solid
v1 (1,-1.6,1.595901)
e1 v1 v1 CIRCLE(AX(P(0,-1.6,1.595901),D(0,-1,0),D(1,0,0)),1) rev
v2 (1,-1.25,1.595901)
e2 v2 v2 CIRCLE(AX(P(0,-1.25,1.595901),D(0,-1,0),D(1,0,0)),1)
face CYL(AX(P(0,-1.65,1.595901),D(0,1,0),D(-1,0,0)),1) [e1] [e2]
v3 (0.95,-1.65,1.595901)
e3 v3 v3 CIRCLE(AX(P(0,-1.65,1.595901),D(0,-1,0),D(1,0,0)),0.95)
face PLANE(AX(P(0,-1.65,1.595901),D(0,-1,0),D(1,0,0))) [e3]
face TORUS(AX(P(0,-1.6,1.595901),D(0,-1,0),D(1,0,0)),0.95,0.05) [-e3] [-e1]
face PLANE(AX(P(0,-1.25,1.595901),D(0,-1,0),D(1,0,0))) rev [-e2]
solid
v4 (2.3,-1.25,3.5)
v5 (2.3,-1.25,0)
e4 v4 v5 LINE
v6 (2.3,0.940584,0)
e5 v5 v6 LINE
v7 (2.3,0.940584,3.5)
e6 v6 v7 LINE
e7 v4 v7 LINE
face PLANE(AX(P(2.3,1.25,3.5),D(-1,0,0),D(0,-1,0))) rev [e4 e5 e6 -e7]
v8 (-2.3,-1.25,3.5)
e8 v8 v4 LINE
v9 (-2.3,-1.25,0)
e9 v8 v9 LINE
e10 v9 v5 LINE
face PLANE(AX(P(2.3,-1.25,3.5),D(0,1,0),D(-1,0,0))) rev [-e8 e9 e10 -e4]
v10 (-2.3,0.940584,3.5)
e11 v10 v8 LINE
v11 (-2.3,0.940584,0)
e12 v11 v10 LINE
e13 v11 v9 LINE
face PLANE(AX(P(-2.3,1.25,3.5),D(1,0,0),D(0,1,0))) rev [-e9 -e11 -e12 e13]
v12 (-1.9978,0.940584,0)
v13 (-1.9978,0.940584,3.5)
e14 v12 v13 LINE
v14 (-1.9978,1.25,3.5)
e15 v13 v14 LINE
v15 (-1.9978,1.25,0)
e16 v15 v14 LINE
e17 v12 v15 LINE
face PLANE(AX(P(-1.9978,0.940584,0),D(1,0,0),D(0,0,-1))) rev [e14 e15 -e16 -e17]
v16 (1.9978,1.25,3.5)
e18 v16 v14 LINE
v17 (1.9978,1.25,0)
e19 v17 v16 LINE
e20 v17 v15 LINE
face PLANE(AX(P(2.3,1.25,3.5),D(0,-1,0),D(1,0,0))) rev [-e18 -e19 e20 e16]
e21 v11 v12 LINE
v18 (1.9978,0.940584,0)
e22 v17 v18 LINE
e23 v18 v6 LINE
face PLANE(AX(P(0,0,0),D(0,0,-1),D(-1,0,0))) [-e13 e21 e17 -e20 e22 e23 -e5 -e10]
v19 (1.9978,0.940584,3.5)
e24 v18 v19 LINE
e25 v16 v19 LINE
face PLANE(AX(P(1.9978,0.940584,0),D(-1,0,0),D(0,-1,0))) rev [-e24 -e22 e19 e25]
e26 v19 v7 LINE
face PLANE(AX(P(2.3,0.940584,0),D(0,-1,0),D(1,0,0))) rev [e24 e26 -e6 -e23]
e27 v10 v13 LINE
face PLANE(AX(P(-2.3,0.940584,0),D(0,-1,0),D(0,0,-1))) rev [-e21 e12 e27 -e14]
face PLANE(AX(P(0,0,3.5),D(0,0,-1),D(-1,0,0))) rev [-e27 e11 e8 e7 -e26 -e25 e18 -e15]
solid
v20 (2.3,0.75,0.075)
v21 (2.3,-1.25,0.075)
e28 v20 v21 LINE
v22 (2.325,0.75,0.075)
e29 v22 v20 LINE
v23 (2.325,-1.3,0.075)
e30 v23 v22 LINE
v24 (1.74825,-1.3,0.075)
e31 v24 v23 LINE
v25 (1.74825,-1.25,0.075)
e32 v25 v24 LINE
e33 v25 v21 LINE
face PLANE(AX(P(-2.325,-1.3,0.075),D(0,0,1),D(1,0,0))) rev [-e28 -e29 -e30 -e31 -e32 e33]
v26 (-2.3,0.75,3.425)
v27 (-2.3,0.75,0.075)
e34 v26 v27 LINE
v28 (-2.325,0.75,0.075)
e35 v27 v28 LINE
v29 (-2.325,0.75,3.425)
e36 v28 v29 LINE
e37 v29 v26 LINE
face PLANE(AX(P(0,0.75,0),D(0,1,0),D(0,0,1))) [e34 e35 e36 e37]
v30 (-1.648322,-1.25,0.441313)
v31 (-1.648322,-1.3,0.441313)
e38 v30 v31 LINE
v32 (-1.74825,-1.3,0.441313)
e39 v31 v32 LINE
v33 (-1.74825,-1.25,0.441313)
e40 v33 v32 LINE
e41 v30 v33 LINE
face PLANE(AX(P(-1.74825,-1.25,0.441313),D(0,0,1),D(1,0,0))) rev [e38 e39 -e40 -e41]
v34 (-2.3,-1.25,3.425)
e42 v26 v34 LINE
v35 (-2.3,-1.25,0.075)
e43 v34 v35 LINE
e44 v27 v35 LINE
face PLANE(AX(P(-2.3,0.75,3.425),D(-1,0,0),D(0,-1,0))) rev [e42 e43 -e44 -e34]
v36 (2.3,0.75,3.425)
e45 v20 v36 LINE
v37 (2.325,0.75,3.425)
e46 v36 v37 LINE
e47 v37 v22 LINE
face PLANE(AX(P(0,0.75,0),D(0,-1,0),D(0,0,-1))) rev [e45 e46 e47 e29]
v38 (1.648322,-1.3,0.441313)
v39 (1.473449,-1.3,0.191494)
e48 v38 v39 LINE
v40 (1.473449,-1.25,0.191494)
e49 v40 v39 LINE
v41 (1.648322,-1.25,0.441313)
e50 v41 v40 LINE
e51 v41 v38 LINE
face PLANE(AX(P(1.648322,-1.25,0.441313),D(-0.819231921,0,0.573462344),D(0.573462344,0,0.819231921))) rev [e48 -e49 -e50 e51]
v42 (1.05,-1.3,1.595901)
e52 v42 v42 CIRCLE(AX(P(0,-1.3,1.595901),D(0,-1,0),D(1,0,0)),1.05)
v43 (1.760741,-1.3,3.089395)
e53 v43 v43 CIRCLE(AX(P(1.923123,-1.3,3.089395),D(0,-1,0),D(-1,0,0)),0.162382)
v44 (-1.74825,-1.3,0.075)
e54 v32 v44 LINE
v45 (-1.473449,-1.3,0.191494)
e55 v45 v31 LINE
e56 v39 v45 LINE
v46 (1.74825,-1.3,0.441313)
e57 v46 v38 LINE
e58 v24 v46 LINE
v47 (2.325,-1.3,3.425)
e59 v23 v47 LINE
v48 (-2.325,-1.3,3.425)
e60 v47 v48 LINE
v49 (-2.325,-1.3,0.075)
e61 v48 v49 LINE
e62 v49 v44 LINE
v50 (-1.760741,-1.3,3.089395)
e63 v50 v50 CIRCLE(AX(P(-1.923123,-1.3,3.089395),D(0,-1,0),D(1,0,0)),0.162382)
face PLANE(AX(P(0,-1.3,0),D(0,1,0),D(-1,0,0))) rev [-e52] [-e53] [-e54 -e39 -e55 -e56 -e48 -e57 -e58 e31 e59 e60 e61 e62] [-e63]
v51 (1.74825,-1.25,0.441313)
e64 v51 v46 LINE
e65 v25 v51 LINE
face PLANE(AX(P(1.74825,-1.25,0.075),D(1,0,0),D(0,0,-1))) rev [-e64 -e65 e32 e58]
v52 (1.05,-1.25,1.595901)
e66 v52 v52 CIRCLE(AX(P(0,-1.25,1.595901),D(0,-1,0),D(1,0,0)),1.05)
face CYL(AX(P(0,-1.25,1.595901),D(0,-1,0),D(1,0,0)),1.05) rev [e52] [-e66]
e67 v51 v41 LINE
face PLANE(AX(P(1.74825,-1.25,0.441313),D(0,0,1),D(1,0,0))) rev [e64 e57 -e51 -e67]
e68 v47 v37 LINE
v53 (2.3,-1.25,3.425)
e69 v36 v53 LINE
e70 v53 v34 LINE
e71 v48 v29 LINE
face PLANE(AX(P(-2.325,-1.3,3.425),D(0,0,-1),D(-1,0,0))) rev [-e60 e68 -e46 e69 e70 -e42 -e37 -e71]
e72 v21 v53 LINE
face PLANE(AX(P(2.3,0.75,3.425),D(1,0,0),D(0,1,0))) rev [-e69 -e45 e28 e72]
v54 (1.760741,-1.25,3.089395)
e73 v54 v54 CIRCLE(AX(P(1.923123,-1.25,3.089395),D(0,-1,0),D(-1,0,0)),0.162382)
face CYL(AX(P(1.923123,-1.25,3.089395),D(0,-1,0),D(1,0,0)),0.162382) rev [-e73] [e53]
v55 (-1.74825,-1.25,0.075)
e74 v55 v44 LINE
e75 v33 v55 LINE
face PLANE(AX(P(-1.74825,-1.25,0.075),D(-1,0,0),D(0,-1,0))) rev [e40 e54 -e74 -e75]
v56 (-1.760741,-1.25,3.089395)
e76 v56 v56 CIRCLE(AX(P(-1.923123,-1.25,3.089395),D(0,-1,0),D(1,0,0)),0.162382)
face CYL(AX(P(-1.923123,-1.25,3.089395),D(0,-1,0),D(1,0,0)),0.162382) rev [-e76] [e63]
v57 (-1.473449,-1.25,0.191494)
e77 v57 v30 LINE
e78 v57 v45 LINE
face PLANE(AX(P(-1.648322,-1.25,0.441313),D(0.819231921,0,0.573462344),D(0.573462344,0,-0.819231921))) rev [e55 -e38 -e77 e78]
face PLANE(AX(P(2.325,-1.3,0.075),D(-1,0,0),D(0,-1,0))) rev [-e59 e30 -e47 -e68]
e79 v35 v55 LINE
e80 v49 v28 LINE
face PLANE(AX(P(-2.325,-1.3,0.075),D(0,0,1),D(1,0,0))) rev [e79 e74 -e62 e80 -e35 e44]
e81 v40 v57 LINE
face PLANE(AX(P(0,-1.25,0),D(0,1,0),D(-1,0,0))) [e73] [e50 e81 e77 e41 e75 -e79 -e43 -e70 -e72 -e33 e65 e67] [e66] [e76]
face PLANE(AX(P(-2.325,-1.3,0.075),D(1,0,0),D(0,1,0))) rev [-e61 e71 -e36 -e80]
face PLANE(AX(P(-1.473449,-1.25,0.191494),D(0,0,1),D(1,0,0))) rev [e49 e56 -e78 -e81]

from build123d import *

# Parameters (mm, degrees)
SZKIC1_W                    = 4.6
SZKIC1_H                    = 2.5
DODANIE_WYCI_GNI_CIE1_DEPTH = 3.5
SZKIC2_W                    = 0.302200239
SZKIC2_H                    = 0.309416308
WYTNIJ_WYCI_GNI_CIE1_DEPTH  = 4.5
SZKIC3_W                    = 4.65
SZKIC3_H                    = 3.35
DODANIE_WYCI_GNI_CIE2_DEPTH = 0.05
SZKIC4_R                    = 0.162382369
SZKIC4_R_2                  = 1.05
WYTNIJ_WYCI_GNI_CIE2_DEPTH  = 0.05
SZKIC5_R                    = 1
DODANIE_WYCI_GNI_CIE3_DEPTH = 0.4
ZAOKR_GLENIE1_R             = 0.05
SZKIC6_W                    = 0.025
SZKIC6_H                    = 3.35
DODANIE_WYCI_GNI_CIE4_DEPTH = 2


with BuildPart() as part:
    # Szkic1 → Dodanie-wyciągnięcie1 (new body)
    with BuildSketch(Plane.XY):
        Rectangle(SZKIC1_W, SZKIC1_H)
    extrude(amount=DODANIE_WYCI_GNI_CIE1_DEPTH)

    # Szkic2 → Wytnij-wyciągnięcie1 (cut, through all)
    with BuildSketch(Plane.XY.offset(3.5)):
        with Locations((-2.148899881, 1.095291846)):
            Rectangle(SZKIC2_W, SZKIC2_H)
        with Locations((2.148899881, 1.095291846)):
            Rectangle(SZKIC2_W, SZKIC2_H)
    extrude(amount=-WYTNIJ_WYCI_GNI_CIE1_DEPTH, mode=Mode.SUBTRACT)


with BuildPart() as body_2:
    # Szkic3 → Dodanie-wyciągnięcie2 (new body)
    with BuildSketch(Plane.XZ.offset(1.25)):
        with Locations((0, 1.75)):
            Rectangle(SZKIC3_W, SZKIC3_H)
    extrude(amount=DODANIE_WYCI_GNI_CIE2_DEPTH)

    # Szkic4 → Wytnij-wyciągnięcie2 (cut)
    with BuildSketch(Plane.XZ.offset(1.3)):
        with Locations((-1.92312306, 3.089394939)):
            Circle(SZKIC4_R)
        with Locations((1.92312306, 3.089394939)):
            Circle(SZKIC4_R)
        with Locations((0, 1.59590093)):
            Circle(SZKIC4_R_2)
        Polygon((-1.74824974, 0.075), (-1.74824974, 0.441313237), (-1.648322128, 0.441313237), (-1.473448808, 0.191494209), (1.473448808, 0.191494209), (1.648322128, 0.441313237), (1.74824974, 0.441313237), (1.74824974, 0.075), align=None)
    extrude(amount=-WYTNIJ_WYCI_GNI_CIE2_DEPTH, mode=Mode.SUBTRACT)

    # Szkic6 → Dodanie-wyciągnięcie4 (add)
    with BuildSketch(Plane(origin=(0, -1.25, 0), x_dir=(1, 0, 0), z_dir=(0, 1, 0))):
        with Locations((-2.3125, -1.75)):
            Rectangle(SZKIC6_W, SZKIC6_H)
        with Locations((2.3125, -1.75)):
            Rectangle(SZKIC6_W, SZKIC6_H)
    extrude(amount=DODANIE_WYCI_GNI_CIE4_DEPTH)


with BuildPart() as body_3:
    # Szkic5 → Dodanie-wyciągnięcie3 (new body)
    with BuildSketch(Plane.XZ.offset(1.25)):
        with Locations((0, 1.59590093)):
            Circle(SZKIC5_R)
    extrude(amount=DODANIE_WYCI_GNI_CIE3_DEPTH)

    # Zaokrąglenie1
    zaokr_glenie1_edges = [body_3.edges().sort_by_distance(p)[0] for p in [
        (-1, -1.65, 1.59590093),
    ]]
    fillet(zaokr_glenie1_edges, radius=ZAOKR_GLENIE1_R)


solid = Compound([part.part, body_2.part, body_3.part])
